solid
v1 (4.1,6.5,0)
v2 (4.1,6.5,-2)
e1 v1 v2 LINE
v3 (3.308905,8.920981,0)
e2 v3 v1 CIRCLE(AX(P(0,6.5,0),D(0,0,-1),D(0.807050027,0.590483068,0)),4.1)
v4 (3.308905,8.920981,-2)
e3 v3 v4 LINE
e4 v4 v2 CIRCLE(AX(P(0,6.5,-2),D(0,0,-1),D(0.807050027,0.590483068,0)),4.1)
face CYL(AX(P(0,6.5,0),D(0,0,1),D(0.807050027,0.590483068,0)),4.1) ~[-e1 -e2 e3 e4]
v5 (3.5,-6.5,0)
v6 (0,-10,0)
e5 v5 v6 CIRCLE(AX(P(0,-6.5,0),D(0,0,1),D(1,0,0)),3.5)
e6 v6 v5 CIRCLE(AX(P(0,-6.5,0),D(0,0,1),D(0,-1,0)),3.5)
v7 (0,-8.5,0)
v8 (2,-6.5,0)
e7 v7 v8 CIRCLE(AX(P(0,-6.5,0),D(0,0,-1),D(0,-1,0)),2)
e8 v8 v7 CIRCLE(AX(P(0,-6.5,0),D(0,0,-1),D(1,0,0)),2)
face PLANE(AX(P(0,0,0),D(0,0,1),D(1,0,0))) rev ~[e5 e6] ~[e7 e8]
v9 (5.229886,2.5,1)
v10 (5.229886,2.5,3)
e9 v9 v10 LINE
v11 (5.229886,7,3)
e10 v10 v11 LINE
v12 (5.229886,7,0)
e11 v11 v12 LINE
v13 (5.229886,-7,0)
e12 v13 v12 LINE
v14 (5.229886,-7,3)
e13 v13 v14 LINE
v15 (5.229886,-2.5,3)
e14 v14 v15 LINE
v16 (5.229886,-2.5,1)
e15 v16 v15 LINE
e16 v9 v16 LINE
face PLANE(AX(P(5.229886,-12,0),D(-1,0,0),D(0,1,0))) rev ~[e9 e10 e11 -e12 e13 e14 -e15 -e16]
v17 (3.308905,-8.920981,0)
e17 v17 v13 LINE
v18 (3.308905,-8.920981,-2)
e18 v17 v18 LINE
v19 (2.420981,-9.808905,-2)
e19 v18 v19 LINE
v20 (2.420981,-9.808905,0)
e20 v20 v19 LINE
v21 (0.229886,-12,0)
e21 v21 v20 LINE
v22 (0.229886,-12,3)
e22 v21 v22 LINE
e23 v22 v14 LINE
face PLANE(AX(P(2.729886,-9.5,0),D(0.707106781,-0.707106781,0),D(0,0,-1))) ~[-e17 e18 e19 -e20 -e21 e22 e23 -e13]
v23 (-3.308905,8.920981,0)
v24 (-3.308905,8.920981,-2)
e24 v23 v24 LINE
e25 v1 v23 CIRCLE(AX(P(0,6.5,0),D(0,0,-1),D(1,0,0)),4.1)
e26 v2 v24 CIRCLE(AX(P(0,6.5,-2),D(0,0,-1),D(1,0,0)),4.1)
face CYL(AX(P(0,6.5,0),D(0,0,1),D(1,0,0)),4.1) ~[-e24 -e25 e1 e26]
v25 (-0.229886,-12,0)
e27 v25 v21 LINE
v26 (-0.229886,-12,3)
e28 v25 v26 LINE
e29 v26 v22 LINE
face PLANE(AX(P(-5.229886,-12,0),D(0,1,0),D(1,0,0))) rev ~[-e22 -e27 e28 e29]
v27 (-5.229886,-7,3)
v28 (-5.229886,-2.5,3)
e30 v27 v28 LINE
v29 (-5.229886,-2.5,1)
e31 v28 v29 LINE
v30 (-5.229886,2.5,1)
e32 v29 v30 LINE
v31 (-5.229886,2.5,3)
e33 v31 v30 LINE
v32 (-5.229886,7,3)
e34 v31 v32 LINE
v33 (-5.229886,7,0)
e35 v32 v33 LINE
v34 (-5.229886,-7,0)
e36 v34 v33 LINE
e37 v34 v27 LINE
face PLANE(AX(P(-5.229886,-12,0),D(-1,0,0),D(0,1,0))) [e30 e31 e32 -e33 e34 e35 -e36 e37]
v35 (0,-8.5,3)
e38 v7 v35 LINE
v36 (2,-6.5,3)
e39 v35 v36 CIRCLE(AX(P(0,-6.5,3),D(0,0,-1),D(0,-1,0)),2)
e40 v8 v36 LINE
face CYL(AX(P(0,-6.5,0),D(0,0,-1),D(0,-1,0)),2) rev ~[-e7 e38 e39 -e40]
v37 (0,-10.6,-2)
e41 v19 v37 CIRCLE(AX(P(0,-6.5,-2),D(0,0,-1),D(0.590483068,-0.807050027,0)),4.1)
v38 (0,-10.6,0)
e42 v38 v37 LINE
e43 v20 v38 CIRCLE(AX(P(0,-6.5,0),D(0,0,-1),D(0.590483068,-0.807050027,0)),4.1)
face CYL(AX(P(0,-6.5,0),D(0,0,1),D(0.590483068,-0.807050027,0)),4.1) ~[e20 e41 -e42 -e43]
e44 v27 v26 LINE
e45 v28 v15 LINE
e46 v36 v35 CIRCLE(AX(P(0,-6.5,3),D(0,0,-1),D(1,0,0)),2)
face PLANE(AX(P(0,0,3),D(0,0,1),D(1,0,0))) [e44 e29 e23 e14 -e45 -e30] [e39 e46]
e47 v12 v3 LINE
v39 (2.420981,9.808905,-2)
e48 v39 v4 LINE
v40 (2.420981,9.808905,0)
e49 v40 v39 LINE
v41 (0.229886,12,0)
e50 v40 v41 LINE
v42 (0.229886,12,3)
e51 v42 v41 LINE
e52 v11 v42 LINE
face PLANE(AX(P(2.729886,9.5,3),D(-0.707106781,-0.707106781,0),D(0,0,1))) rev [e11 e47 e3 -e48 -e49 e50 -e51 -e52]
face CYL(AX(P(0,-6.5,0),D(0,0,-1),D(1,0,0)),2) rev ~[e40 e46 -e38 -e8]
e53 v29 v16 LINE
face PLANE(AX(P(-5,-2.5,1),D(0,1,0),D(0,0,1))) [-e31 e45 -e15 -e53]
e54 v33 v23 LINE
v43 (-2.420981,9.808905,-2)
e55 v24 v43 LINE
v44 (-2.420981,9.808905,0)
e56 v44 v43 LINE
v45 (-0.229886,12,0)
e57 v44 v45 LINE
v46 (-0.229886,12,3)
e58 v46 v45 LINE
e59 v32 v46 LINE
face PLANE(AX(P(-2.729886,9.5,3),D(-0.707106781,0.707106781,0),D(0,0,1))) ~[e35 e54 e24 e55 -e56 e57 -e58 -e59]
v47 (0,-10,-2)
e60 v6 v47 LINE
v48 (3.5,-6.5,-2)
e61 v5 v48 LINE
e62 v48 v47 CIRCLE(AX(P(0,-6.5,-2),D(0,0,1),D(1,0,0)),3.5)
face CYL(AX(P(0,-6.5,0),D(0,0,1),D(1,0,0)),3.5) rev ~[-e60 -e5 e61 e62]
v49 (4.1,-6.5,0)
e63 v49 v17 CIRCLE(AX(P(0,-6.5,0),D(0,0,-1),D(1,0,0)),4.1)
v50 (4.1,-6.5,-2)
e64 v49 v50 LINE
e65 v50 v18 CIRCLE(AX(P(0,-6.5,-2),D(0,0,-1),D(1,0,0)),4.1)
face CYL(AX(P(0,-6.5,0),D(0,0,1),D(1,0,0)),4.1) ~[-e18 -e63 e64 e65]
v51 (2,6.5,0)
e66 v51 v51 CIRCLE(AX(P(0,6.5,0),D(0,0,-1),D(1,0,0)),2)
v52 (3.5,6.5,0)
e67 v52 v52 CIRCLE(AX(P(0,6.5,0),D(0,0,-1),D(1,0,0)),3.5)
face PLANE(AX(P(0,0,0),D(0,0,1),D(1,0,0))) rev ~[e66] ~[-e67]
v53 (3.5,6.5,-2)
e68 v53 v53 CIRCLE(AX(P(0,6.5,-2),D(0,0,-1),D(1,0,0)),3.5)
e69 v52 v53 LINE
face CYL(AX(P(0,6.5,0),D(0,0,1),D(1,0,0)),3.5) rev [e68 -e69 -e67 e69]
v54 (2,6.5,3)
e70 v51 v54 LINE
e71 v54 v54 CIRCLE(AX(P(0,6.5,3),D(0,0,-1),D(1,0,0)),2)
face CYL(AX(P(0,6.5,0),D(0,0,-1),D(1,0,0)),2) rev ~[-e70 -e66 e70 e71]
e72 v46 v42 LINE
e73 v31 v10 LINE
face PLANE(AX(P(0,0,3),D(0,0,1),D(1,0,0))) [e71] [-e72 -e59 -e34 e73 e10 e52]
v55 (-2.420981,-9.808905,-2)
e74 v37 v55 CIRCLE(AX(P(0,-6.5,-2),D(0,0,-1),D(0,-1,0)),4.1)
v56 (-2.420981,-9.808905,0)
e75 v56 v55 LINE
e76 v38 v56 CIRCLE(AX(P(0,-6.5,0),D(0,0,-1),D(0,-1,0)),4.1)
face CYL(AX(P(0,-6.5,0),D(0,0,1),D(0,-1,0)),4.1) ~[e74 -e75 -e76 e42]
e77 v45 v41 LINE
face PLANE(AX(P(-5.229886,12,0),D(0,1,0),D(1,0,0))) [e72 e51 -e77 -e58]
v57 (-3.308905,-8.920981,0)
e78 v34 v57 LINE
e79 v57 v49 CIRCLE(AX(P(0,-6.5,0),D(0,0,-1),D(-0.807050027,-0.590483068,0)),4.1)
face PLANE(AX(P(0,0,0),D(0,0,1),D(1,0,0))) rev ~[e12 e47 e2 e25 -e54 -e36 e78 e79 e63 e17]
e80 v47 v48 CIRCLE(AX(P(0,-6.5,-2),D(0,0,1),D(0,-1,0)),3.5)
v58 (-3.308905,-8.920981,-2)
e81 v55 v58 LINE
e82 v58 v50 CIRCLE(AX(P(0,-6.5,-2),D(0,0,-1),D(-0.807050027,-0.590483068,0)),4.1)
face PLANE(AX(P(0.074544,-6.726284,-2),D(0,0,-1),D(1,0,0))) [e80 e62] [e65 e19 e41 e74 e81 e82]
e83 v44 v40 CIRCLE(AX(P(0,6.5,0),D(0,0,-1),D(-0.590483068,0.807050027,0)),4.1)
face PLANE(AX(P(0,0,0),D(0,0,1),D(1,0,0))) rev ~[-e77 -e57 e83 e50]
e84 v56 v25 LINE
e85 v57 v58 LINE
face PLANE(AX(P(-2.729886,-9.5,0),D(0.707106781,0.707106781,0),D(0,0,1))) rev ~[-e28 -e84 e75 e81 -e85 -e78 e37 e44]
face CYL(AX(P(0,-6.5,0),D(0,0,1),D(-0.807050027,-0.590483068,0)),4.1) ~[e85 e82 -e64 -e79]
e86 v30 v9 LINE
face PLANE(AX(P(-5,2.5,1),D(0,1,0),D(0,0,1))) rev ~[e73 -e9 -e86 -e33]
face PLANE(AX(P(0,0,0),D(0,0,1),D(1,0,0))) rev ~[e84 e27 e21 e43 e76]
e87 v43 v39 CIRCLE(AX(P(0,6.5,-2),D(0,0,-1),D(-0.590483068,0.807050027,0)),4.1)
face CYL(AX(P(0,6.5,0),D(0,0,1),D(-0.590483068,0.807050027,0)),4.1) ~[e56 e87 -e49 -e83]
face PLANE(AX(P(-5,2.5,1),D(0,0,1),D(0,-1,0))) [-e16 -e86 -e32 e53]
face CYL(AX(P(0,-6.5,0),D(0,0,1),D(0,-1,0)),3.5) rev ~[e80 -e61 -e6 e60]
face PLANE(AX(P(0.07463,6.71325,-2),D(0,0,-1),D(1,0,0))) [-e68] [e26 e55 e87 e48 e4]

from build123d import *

# Parameters (mm, degrees)
F0_W     = 10.4597713798
F0_H     = 24
F0_W_2   = 10
F0_H_2   = 5
F1_DEPTH = 1
F2_DEPTH = 3
F3_DEPTH = 25
F4_DEPTH = 25
F5_SIZE  = 5
F6_R     = 2
F7_DEPTH = 25
F6_R_2   = 3.5
F8_DEPTH = 2


with BuildPart() as f1:
    # F0 (on Top) → F1 (new body)
    with BuildSketch(Plane.XY):
        Rectangle(F0_W, F0_H)
        Rectangle(F0_W_2, F0_H_2, mode=Mode.SUBTRACT)
        Rectangle(F0_W_2, F0_H_2)
    extrude(amount=F1_DEPTH)

    # F0 (on Top) → F2 (join)
    with BuildSketch(Plane.XY):
        Rectangle(F0_W, F0_H)
        Rectangle(F0_W_2, F0_H_2, mode=Mode.SUBTRACT)
    extrude(amount=F2_DEPTH)

    # F3 (cut): a face of the model
    f3_faces = [f1.faces().sort_by_distance(p)[0] for p in [
        (-5, 0, 2),
    ]]
    extrude(f3_faces, amount=-F3_DEPTH, mode=Mode.SUBTRACT)

    # F4 (cut): a face of the model
    f4_faces = [f1.faces().sort_by_distance(p)[0] for p in [
        (5, 0, 2),
    ]]
    extrude(f4_faces, amount=-F4_DEPTH, mode=Mode.SUBTRACT)

    # F5
    f5_edges = [f1.edges().sort_by_distance(p)[0] for p in [
        (-5.229886, -12, 1.5),
        (5.229886, -12, 1.5),
        (5.229886, 12, 1.5),
        (-5.229886, 12, 1.5),
    ]]
    chamfer(f5_edges, length=F5_SIZE)

    # F6 (on face) → F7 (cut)
    with BuildSketch(Plane(origin=(0, 0, 0), x_dir=(1, 0, 0), z_dir=(0, 0, -1))):
        with BuildLine():
            ThreePointArc((2, 6.5), (1.4142135624, 7.9142135624), (0, 8.5))
            ThreePointArc((0, 8.5), (-1.4142135624, 5.0857864376), (2, 6.5))
        make_face()
        with Locations((0, -6.5)):
            Circle(F6_R)
    extrude(amount=-F7_DEPTH, mode=Mode.SUBTRACT)

    # F6 (on face) → F8 (join)
    with BuildSketch(Plane(origin=(0, 0, 0), x_dir=(1, 0, 0), z_dir=(0, 0, -1))):
        with BuildLine():
            ThreePointArc((2.4209805773, 9.8089051126), (1.2734773336, 10.3972112441), (0, 10.6))
            ThreePointArc((0, 10.6), (-1.2734773336, 10.3972112441), (-2.4209805773, 9.8089051126))
            Line((-2.4209805773, 9.8089051126), (-3.3089051126, 8.9209805773))
            ThreePointArc((-3.3089051126, 8.9209805773), (-1.2734773336, 2.6027887559), (4.1, 6.5))
            ThreePointArc((4.1, 6.5), (3.8972112441, 7.7734773336), (3.3089051126, 8.9209805773))
            Line((3.3089051126, 8.9209805773), (2.4209805773, 9.8089051126))
        make_face()
        with BuildLine():
            ThreePointArc((3.5, 6.5), (-2.4748737342, 4.0251262658), (0, 10))
            ThreePointArc((0, 10), (2.4748737342, 8.9748737342), (3.5, 6.5))
        make_face(mode=Mode.SUBTRACT)
        with BuildLine():
            Line((2.4209805773, -9.8089051126), (3.3089051126, -8.9209805773))
            ThreePointArc((3.3089051126, -8.9209805773), (3.8972112441, -7.7734773336), (4.1, -6.5))
            ThreePointArc((4.1, -6.5), (-1.2734773336, -2.6027887559), (-3.3089051126, -8.9209805773))
            Line((-3.3089051126, -8.9209805773), (-2.4209805773, -9.8089051126))
            ThreePointArc((-2.4209805773, -9.8089051126), (0, -10.6), (2.4209805773, -9.8089051126))
        make_face()
        with Locations((0, -6.5)):
            Circle(F6_R_2, mode=Mode.SUBTRACT)
    extrude(amount=F8_DEPTH)


solid = f1.part
